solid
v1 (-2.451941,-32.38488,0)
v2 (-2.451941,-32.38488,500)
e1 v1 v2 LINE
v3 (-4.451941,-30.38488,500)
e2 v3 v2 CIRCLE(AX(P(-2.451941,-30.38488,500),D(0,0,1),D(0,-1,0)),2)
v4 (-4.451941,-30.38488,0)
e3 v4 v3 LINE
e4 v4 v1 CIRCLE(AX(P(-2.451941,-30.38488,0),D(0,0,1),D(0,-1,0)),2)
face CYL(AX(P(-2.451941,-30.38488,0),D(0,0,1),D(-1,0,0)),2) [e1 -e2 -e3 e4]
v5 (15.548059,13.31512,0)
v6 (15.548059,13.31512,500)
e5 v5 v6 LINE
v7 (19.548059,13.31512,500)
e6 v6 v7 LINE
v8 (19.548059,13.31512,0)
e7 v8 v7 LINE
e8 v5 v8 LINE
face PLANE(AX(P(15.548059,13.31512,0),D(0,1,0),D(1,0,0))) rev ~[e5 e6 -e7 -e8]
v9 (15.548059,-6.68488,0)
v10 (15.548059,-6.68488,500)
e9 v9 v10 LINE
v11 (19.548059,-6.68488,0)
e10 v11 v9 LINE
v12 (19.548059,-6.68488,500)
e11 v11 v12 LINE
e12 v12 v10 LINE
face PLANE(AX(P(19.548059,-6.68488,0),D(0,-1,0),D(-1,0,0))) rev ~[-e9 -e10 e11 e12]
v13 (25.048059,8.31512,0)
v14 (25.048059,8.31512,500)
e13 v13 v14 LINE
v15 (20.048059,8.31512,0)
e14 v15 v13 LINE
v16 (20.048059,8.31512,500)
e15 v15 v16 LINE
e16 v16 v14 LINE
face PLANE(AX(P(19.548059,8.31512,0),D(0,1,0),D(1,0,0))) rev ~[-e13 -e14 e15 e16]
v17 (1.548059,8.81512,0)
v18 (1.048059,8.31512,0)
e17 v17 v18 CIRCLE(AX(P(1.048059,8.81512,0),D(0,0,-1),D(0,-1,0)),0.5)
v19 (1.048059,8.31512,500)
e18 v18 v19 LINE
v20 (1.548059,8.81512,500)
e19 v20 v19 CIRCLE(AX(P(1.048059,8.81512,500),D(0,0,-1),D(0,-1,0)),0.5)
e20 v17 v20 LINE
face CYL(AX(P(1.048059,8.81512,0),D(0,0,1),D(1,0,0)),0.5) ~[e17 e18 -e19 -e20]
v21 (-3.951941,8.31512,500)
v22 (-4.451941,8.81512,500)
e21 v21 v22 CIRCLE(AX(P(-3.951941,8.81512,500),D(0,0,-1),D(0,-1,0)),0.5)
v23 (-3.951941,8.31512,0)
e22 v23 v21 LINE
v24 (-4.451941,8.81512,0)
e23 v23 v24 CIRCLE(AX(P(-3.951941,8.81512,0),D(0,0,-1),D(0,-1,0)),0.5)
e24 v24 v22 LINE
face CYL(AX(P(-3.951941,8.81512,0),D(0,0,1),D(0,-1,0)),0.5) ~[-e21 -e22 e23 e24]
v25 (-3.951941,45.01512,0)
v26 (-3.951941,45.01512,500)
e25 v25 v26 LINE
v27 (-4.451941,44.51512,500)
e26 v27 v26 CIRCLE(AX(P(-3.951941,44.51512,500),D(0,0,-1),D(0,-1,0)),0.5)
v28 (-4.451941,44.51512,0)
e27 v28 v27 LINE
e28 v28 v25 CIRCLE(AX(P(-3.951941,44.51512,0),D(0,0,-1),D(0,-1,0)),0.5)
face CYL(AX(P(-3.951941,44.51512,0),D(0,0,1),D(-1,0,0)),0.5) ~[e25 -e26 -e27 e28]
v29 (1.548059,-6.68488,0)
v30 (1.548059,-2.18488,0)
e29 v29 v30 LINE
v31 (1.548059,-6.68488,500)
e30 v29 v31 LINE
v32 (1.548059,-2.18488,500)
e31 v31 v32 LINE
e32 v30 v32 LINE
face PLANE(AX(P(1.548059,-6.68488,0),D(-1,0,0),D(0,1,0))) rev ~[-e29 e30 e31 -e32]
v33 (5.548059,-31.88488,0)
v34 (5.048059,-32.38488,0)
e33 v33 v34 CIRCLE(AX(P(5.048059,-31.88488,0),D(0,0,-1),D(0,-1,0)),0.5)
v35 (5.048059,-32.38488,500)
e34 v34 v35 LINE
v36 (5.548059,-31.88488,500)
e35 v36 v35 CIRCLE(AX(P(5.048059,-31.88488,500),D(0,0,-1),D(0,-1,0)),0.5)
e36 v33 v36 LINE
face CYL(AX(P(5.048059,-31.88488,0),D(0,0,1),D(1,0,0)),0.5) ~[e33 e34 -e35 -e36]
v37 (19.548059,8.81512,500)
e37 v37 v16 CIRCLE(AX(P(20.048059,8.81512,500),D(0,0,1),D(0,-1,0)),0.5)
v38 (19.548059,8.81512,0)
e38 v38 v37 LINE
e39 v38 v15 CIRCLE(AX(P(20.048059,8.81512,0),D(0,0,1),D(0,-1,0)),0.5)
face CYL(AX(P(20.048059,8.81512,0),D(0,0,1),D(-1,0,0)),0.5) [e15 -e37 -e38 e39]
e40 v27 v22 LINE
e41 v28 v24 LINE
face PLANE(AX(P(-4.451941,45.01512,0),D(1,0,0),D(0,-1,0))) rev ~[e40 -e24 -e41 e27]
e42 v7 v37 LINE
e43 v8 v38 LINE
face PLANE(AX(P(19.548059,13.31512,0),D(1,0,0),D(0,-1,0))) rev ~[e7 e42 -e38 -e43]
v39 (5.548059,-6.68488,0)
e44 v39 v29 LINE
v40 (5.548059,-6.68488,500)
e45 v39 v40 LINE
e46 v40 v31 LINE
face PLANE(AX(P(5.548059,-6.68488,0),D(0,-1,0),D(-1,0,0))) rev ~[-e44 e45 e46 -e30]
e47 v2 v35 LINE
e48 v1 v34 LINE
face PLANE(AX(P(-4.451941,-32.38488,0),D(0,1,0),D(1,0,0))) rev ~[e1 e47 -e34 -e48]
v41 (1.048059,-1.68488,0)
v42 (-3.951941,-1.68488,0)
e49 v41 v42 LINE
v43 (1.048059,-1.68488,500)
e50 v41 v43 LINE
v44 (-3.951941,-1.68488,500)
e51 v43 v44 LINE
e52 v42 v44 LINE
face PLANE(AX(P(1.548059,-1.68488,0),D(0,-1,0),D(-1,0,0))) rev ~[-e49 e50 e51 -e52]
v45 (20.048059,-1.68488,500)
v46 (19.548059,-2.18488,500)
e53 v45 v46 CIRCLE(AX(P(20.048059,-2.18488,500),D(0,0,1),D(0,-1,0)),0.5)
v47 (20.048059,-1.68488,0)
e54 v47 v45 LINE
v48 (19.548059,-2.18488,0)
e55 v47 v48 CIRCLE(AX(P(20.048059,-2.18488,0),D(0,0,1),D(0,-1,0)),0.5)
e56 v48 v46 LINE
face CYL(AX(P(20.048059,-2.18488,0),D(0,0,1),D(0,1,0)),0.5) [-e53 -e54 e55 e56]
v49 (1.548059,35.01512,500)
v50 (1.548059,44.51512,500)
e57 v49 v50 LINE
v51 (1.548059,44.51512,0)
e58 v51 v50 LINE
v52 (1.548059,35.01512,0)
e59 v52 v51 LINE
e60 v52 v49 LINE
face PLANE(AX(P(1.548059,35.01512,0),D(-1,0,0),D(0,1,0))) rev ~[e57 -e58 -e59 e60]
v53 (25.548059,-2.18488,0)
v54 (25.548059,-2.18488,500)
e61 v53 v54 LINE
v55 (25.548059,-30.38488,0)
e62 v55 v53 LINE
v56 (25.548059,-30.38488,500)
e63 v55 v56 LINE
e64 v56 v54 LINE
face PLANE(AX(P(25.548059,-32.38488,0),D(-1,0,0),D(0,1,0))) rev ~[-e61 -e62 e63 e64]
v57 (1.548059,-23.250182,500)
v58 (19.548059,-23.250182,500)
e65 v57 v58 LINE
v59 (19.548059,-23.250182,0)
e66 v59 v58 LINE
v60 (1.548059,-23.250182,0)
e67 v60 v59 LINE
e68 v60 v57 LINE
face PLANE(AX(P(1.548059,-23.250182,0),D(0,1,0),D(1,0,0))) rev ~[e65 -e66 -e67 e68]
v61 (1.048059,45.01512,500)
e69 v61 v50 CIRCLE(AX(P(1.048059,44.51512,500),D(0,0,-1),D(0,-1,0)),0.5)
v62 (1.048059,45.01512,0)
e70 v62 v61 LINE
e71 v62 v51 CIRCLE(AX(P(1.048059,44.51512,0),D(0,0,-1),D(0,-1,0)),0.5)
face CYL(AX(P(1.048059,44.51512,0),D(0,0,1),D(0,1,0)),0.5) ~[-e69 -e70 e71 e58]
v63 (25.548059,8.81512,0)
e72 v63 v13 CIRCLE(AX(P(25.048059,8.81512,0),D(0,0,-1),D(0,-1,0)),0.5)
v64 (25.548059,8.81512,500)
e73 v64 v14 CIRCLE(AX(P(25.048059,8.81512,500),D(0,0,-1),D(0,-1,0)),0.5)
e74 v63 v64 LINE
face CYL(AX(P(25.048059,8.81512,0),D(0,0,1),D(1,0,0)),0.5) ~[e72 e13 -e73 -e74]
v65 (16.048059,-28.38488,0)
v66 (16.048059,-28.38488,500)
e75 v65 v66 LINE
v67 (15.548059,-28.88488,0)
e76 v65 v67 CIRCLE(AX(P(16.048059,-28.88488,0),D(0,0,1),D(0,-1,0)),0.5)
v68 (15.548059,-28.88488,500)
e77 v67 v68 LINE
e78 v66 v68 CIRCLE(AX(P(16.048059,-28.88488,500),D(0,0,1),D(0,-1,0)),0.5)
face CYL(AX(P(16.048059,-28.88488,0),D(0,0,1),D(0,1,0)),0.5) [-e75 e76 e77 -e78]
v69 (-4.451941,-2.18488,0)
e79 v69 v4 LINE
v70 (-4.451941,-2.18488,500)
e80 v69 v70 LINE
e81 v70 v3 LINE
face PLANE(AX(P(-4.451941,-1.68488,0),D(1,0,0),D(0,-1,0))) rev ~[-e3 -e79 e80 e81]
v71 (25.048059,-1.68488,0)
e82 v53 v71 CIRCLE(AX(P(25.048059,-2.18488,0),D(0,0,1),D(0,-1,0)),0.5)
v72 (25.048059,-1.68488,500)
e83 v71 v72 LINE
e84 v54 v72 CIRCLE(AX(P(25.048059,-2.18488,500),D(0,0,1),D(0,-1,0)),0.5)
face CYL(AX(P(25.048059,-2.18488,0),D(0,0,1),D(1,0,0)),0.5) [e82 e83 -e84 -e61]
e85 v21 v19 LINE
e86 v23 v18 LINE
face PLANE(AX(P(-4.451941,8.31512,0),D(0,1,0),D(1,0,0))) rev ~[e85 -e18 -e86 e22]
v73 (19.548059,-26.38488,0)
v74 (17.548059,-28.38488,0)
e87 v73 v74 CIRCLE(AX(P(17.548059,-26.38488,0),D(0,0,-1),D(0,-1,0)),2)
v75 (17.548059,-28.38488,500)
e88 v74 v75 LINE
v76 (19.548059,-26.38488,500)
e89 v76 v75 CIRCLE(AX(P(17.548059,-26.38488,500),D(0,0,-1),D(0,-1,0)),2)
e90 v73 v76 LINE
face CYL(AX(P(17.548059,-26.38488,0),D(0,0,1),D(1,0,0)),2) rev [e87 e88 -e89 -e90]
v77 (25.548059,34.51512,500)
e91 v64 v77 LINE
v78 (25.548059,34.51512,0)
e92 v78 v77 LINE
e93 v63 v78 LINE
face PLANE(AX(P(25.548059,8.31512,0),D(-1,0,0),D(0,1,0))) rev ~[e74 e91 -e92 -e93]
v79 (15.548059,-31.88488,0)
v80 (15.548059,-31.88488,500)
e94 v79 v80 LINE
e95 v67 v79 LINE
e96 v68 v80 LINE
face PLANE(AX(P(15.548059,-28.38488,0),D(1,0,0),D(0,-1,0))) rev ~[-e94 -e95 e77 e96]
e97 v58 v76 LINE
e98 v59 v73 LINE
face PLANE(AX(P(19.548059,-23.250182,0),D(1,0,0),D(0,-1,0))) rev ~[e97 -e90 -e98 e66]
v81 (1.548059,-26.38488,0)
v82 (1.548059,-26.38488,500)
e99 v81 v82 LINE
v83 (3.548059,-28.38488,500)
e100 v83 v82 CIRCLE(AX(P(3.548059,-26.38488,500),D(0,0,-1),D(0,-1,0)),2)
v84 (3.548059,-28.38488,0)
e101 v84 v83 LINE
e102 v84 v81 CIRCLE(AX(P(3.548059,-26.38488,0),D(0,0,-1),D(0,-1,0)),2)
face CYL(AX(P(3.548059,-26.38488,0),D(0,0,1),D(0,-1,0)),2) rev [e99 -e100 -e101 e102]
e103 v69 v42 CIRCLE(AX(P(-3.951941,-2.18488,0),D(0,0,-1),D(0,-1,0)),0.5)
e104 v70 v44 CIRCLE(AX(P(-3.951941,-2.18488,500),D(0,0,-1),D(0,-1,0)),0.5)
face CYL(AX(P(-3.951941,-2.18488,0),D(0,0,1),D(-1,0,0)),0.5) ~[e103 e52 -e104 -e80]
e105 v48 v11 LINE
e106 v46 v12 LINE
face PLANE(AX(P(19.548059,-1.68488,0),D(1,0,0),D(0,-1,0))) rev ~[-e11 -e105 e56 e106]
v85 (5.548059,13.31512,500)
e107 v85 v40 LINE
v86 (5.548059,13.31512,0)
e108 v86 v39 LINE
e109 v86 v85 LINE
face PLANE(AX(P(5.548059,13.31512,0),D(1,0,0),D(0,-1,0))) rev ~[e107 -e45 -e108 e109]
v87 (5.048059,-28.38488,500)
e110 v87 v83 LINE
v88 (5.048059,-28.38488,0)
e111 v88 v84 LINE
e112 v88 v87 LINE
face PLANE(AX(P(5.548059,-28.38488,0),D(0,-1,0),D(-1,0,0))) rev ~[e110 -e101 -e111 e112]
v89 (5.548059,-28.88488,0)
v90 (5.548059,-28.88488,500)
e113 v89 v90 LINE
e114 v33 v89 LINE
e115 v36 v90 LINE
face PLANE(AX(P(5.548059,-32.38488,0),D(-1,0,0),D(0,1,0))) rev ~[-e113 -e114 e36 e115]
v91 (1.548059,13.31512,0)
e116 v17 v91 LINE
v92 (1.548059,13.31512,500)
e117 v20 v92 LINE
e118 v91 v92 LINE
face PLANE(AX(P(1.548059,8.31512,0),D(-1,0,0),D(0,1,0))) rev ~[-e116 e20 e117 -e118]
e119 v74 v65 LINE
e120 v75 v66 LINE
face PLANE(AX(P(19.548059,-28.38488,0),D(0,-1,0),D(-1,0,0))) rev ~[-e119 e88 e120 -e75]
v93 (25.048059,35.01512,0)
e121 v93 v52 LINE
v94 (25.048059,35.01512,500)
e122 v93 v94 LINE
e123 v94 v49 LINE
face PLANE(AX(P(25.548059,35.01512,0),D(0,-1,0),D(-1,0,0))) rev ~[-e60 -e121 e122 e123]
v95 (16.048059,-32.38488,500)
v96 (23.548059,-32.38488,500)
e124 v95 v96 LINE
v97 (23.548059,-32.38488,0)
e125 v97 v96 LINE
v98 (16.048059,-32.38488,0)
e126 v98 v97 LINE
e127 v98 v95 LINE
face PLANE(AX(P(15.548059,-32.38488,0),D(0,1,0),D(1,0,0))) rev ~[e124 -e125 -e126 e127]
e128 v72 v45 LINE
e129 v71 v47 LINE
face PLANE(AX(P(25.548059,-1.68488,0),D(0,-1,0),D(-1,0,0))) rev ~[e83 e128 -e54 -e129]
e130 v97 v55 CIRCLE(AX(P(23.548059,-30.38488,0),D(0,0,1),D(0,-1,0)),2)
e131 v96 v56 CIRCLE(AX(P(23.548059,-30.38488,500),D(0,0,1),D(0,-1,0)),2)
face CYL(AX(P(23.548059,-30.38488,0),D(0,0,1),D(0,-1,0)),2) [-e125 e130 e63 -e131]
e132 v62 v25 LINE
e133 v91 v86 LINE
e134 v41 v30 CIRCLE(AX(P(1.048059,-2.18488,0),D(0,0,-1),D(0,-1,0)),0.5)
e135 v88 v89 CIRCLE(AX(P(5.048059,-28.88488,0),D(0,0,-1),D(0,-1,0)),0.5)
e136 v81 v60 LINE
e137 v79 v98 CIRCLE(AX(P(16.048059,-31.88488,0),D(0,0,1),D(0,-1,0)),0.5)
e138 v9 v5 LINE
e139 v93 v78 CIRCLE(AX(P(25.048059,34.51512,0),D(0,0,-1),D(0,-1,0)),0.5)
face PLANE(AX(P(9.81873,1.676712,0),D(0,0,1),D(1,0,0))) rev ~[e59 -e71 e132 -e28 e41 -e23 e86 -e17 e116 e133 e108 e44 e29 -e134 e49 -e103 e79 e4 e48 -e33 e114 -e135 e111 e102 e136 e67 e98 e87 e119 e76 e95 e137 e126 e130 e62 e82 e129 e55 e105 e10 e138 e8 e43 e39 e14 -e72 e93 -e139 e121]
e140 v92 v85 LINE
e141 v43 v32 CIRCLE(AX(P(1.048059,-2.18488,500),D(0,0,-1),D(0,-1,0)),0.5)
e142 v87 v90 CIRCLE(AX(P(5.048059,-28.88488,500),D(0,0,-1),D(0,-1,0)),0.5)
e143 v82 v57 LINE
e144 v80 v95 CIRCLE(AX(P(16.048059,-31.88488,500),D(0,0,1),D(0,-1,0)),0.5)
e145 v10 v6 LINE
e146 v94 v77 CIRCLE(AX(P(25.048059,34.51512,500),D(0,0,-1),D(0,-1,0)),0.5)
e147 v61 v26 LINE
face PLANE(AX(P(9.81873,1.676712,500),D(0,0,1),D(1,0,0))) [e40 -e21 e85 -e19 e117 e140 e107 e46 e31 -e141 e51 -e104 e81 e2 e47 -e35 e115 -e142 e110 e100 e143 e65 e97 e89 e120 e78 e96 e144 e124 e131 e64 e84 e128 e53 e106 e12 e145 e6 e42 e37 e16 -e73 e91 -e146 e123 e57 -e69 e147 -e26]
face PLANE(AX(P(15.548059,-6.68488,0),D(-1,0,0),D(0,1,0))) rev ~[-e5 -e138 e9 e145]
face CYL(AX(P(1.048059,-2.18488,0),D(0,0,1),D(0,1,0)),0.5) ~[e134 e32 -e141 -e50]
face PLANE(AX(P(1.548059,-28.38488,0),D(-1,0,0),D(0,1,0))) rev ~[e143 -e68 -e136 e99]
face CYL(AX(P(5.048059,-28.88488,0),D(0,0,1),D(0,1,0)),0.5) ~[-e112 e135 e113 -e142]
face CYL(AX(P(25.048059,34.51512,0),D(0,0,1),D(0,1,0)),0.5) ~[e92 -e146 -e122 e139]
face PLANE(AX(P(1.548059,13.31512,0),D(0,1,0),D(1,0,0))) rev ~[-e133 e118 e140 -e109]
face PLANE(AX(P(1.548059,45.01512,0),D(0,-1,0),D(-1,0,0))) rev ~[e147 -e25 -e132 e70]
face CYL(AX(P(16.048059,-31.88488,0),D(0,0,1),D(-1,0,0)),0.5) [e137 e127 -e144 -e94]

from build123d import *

# Parameters (mm, degrees)
SALIENTE_EXTRUIR1_DEPTH = 500
REDONDEO1_R             = 2
REDONDEO2_R             = 2
REDONDEO4_R             = 0.5


with BuildPart() as part:
    # Croquis1 → Saliente-Extruir1 (new body)
    with BuildSketch(Plane.XY):
        Polygon((-4.451940983, 8.315120378), (1.548059017, 8.315120378), (1.548059017, 13.315120378), (5.548059017, 13.315120378), (5.548059017, -6.684879622), (1.548059017, -6.684879622), (1.548059017, -1.684879622), (-4.451940983, -1.684879622), (-4.451940983, -32.384879622), (5.548059017, -32.384879622), (5.548059017, -28.384879622), (1.548059017, -28.384879622), (1.548059017, -23.250181803), (19.548059017, -23.250181803), (19.548059017, -28.384879622), (15.548059017, -28.384879622), (15.548059017, -32.384879622), (25.548059017, -32.384879622), (25.548059017, -1.684879622), (19.548059017, -1.684879622), (19.548059017, -6.684879622), (15.548059017, -6.684879622), (15.548059017, 13.315120378), (19.548059017, 13.315120378), (19.548059017, 8.315120378), (25.548059017, 8.315120378), (25.548059017, 35.015120378), (1.548059017, 35.015120378), (1.548059017, 45.015120378), (-4.451940983, 45.015120378), align=None)
    extrude(amount=SALIENTE_EXTRUIR1_DEPTH)

    # Redondeo1
    redondeo1_edges = [part.edges().sort_by_distance(p)[0] for p in [
        (25.548059017, -32.384879622, 250),
        (-4.451940983, -32.384879622, 250),
    ]]
    fillet(redondeo1_edges, radius=REDONDEO1_R)

    # Redondeo2
    redondeo2_edges = [part.edges().sort_by_distance(p)[0] for p in [
        (19.548059017, -28.384879622, 250),
        (1.548059017, -28.384879622, 250),
    ]]
    fillet(redondeo2_edges, radius=REDONDEO2_R)

    # Redondeo4
    redondeo4_edges = [part.edges().sort_by_distance(p)[0] for p in [
        (19.548059017, -1.684879622, 250),
        (25.548059017, -1.684879622, 250),
        (15.548059017, -32.384879622, 250),
        (15.548059017, -28.384879622, 250),
        (5.548059017, -28.384879622, 250),
        (5.548059017, -32.384879622, 250),
        (-4.451940983, -1.684879622, 250),
        (1.548059017, -1.684879622, 250),
        (1.548059017, 8.315120378, 250),
        (-4.451940983, 8.315120378, 250),
        (-4.451940983, 45.015120378, 250),
        (1.548059017, 45.015120378, 250),
        (25.548059017, 35.015120378, 250),
        (25.548059017, 8.315120378, 250),
        (19.548059017, 8.315120378, 250),
    ]]
    fillet(redondeo4_edges, radius=REDONDEO4_R)


solid = part.part
